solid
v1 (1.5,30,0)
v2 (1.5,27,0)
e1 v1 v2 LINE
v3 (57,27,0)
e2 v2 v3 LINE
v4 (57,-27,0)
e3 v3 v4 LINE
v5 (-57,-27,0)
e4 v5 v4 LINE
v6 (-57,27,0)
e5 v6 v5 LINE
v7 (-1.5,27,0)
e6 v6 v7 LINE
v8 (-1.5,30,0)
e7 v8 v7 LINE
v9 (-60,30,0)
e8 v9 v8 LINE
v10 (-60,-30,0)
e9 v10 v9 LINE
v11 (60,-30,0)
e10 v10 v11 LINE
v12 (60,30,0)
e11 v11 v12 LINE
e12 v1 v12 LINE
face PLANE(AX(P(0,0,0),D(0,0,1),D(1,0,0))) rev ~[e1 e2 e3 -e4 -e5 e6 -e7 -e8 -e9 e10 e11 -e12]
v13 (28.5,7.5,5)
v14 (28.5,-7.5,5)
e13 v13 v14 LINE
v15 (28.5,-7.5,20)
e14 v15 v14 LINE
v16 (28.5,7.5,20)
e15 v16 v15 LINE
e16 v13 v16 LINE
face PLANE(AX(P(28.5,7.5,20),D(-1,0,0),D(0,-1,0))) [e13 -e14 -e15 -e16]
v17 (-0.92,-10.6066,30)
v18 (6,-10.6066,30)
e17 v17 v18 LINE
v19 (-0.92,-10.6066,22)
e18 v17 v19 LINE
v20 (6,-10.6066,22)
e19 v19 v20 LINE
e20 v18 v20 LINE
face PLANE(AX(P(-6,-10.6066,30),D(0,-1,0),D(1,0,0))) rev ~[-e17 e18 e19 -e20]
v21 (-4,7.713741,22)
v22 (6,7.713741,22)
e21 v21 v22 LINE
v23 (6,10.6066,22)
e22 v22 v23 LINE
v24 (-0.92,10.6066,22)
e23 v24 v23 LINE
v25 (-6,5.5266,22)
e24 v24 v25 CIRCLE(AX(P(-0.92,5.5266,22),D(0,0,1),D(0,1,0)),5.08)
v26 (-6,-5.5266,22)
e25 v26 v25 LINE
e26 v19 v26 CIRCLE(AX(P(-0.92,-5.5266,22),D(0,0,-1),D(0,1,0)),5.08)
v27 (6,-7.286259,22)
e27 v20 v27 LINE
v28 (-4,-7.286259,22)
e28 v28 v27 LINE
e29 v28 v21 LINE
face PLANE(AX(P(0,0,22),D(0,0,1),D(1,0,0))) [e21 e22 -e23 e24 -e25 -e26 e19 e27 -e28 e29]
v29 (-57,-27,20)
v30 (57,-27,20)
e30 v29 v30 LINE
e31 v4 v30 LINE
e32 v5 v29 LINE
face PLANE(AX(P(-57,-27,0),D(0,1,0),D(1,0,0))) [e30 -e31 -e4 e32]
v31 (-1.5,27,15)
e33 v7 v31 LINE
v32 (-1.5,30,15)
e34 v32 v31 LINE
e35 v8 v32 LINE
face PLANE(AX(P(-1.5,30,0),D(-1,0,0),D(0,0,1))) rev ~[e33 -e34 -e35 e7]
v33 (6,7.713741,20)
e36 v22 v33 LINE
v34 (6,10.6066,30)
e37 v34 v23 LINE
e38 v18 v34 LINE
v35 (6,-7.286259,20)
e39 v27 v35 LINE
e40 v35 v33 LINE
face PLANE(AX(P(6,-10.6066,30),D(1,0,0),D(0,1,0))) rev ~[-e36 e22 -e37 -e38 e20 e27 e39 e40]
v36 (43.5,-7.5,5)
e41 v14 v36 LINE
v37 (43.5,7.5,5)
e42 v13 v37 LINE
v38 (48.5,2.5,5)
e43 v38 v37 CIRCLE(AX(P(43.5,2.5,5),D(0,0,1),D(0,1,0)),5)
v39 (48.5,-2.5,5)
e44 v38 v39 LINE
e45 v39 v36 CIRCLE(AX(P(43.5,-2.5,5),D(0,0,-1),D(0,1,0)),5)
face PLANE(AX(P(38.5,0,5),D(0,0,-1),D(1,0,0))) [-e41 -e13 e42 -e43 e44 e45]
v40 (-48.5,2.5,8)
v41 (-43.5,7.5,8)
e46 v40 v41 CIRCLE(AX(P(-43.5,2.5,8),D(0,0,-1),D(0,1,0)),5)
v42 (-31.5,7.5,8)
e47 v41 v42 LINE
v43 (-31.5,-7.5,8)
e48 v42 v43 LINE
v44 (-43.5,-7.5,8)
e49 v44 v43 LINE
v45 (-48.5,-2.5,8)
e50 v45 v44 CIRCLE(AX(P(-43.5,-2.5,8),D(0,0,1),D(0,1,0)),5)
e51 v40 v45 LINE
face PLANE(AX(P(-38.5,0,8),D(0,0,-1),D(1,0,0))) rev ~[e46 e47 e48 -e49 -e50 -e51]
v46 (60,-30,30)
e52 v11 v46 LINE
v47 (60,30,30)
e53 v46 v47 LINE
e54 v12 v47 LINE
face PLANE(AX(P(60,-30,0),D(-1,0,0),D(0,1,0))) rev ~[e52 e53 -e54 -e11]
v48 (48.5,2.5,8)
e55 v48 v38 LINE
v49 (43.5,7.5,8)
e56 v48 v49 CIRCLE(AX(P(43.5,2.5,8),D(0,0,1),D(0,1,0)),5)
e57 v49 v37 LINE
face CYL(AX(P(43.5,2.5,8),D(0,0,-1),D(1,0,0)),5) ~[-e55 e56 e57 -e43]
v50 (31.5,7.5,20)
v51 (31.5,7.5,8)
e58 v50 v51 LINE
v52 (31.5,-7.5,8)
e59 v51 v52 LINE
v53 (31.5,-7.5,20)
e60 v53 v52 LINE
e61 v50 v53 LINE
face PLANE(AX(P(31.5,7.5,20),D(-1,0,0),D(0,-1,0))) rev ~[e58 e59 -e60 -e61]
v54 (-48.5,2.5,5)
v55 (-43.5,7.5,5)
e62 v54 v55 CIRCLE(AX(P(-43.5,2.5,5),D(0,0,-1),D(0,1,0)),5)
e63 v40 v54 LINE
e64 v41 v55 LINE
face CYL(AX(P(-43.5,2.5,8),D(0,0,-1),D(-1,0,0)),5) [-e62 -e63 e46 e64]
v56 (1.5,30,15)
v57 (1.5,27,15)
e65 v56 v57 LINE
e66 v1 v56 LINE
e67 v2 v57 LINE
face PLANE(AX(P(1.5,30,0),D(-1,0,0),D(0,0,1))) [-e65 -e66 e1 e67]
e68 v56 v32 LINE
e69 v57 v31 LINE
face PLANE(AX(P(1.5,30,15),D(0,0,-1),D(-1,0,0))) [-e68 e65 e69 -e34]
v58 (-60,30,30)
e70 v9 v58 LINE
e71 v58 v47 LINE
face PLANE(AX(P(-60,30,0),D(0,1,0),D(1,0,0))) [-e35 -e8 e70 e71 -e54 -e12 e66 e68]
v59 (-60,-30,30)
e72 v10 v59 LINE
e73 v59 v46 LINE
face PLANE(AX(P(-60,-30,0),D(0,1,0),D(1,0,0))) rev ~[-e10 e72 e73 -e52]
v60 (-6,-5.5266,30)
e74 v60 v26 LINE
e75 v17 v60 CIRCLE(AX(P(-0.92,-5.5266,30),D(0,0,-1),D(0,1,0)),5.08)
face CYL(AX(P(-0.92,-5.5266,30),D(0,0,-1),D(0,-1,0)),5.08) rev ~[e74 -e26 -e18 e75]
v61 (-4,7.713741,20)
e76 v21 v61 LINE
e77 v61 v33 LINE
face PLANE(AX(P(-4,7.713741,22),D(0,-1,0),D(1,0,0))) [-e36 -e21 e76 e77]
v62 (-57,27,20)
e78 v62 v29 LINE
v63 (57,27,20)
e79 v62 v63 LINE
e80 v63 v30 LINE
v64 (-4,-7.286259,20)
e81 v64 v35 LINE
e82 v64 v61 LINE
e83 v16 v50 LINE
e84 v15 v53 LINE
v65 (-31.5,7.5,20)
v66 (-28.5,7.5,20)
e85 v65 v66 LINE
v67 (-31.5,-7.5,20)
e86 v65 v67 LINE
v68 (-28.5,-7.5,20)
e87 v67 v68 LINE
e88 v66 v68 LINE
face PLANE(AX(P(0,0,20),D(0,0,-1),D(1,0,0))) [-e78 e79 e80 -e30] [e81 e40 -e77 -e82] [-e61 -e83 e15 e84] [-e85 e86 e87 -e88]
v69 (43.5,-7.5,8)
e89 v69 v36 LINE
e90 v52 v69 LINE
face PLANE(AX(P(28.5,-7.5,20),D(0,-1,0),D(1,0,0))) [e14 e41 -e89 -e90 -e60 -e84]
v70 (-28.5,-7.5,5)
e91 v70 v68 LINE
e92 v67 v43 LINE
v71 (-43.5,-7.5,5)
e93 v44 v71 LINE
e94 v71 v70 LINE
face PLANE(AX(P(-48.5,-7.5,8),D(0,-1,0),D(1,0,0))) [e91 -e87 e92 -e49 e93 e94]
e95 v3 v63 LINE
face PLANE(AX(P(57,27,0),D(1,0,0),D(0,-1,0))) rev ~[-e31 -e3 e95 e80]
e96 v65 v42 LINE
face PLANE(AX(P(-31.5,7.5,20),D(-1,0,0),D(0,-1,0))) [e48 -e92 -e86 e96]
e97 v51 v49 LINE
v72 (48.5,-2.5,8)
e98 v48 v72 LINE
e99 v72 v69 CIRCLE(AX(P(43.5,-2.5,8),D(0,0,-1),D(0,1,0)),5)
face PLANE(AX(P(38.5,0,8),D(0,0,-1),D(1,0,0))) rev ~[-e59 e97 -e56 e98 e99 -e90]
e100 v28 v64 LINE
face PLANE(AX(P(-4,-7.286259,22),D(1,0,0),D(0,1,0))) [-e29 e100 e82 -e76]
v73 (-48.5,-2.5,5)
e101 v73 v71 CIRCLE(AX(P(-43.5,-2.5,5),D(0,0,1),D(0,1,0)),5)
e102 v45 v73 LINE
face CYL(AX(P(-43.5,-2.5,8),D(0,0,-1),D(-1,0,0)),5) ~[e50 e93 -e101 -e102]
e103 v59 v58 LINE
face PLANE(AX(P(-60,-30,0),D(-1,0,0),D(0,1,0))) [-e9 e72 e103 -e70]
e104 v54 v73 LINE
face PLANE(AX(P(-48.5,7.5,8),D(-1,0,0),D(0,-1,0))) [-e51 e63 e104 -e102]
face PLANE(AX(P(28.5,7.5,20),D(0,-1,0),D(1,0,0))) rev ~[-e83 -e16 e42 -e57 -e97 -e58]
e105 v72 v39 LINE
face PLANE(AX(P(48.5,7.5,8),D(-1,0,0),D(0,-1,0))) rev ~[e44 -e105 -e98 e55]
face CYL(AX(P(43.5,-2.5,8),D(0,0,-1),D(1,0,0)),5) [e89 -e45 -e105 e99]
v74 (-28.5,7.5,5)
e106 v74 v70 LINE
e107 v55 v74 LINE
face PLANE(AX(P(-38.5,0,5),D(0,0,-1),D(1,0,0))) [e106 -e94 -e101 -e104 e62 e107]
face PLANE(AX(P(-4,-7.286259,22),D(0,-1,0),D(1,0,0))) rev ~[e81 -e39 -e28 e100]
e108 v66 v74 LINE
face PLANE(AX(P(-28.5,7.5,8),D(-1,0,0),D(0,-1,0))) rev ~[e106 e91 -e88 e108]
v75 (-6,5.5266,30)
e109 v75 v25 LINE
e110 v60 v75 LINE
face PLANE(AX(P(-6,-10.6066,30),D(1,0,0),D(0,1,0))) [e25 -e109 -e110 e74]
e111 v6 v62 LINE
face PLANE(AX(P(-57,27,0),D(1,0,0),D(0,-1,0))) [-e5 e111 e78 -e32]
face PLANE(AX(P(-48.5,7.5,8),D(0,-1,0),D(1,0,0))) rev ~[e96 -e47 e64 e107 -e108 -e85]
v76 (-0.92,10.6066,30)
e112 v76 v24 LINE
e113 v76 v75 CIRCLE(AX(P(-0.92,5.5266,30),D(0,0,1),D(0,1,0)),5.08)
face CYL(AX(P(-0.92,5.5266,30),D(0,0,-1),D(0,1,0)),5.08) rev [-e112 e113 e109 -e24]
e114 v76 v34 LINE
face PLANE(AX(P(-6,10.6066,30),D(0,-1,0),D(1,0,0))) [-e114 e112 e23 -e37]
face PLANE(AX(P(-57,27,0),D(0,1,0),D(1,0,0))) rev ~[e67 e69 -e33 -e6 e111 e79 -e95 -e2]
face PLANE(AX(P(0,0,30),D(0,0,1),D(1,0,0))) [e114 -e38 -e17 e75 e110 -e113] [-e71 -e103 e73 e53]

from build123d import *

# Parameters (mm, degrees)
F0_W      = 120
F0_H      = 60
F1_DEPTH  = 30
F2_W      = 12
F2_H      = 21.2132
F3_DEPTH  = 8
F4_W      = 114
F4_H      = 54
F5_DEPTH  = 20
F6_W      = 3
F6_H      = 15
F7_DEPTH  = 12
F8_W      = 20
F8_H      = 15
F9_DEPTH  = 3
F10_R     = 5
F11_R     = 5.08
F12_W     = 3
F12_H     = 15
F13_DEPTH = 3
F14_W     = 10
F14_H     = 15
F15_DEPTH = 2


with BuildPart() as f1:
    # F0 (on Top) → F1 (new body)
    with BuildSketch(Plane.XY):
        Rectangle(F0_W, F0_H)
    extrude(amount=F1_DEPTH)

    # F2 (on face) → F3 (cut)
    with BuildSketch(Plane.XY.offset(30)):
        Rectangle(F2_W, F2_H)
    extrude(amount=-F3_DEPTH, mode=Mode.SUBTRACT)

    # F4 (on face) → F5 (cut)
    with BuildSketch(Plane(origin=(0, 0, 0), x_dir=(1, 0, 0), z_dir=(0, 0, -1))):
        Rectangle(F4_W, F4_H)
    extrude(amount=-F5_DEPTH, mode=Mode.SUBTRACT)

    # F6 (on face) → F7 (join)
    with BuildSketch(Plane(origin=(0, 0, 20), x_dir=(1, 0, 0), z_dir=(0, 0, -1))):
        with Locations((-30, 0)):
            Rectangle(F6_W, F6_H)
        with Locations((30, 0)):
            Rectangle(F6_W, F6_H)
    extrude(amount=F7_DEPTH)

    # F8 (on face) → F9 (join)
    with BuildSketch(Plane(origin=(0, 0, 8), x_dir=(1, 0, 0), z_dir=(0, 0, -1))):
        with Locations((-38.5, 0)):
            Rectangle(F8_W, F8_H)
        with Locations((38.5, 0)):
            Rectangle(F8_W, F8_H)
    extrude(amount=F9_DEPTH)

    # F10
    f10_edges = [f1.edges().sort_by_distance(p)[0] for p in [
        (-48.5, -7.5, 6.5),
        (-48.5, 7.5, 6.5),
        (48.5, 7.5, 6.5),
        (48.5, -7.5, 6.5),
    ]]
    fillet(f10_edges, radius=F10_R)

    # F11
    f11_edges = [f1.edges().sort_by_distance(p)[0] for p in [
        (-6, 10.6066, 26),
        (-6, -10.6066, 26),
    ]]
    fillet(f11_edges, radius=F11_R)

    # F12 (on face) → F13 (cut, through all)
    with BuildSketch(Plane(origin=(0, 30, 0), x_dir=(-1, 0, 0), z_dir=(0, 1, 0))):
        with Locations((0, 7.5)):
            Rectangle(F12_W, F12_H)
    extrude(amount=-F13_DEPTH, mode=Mode.SUBTRACT)

    # F14 (on face) → F15 (cut, through all)
    with BuildSketch(Plane.XY.offset(22)):
        with Locations((1, 0.213741)):
            Rectangle(F14_W, F14_H)
    extrude(amount=-F15_DEPTH, mode=Mode.SUBTRACT)


solid = f1.part
